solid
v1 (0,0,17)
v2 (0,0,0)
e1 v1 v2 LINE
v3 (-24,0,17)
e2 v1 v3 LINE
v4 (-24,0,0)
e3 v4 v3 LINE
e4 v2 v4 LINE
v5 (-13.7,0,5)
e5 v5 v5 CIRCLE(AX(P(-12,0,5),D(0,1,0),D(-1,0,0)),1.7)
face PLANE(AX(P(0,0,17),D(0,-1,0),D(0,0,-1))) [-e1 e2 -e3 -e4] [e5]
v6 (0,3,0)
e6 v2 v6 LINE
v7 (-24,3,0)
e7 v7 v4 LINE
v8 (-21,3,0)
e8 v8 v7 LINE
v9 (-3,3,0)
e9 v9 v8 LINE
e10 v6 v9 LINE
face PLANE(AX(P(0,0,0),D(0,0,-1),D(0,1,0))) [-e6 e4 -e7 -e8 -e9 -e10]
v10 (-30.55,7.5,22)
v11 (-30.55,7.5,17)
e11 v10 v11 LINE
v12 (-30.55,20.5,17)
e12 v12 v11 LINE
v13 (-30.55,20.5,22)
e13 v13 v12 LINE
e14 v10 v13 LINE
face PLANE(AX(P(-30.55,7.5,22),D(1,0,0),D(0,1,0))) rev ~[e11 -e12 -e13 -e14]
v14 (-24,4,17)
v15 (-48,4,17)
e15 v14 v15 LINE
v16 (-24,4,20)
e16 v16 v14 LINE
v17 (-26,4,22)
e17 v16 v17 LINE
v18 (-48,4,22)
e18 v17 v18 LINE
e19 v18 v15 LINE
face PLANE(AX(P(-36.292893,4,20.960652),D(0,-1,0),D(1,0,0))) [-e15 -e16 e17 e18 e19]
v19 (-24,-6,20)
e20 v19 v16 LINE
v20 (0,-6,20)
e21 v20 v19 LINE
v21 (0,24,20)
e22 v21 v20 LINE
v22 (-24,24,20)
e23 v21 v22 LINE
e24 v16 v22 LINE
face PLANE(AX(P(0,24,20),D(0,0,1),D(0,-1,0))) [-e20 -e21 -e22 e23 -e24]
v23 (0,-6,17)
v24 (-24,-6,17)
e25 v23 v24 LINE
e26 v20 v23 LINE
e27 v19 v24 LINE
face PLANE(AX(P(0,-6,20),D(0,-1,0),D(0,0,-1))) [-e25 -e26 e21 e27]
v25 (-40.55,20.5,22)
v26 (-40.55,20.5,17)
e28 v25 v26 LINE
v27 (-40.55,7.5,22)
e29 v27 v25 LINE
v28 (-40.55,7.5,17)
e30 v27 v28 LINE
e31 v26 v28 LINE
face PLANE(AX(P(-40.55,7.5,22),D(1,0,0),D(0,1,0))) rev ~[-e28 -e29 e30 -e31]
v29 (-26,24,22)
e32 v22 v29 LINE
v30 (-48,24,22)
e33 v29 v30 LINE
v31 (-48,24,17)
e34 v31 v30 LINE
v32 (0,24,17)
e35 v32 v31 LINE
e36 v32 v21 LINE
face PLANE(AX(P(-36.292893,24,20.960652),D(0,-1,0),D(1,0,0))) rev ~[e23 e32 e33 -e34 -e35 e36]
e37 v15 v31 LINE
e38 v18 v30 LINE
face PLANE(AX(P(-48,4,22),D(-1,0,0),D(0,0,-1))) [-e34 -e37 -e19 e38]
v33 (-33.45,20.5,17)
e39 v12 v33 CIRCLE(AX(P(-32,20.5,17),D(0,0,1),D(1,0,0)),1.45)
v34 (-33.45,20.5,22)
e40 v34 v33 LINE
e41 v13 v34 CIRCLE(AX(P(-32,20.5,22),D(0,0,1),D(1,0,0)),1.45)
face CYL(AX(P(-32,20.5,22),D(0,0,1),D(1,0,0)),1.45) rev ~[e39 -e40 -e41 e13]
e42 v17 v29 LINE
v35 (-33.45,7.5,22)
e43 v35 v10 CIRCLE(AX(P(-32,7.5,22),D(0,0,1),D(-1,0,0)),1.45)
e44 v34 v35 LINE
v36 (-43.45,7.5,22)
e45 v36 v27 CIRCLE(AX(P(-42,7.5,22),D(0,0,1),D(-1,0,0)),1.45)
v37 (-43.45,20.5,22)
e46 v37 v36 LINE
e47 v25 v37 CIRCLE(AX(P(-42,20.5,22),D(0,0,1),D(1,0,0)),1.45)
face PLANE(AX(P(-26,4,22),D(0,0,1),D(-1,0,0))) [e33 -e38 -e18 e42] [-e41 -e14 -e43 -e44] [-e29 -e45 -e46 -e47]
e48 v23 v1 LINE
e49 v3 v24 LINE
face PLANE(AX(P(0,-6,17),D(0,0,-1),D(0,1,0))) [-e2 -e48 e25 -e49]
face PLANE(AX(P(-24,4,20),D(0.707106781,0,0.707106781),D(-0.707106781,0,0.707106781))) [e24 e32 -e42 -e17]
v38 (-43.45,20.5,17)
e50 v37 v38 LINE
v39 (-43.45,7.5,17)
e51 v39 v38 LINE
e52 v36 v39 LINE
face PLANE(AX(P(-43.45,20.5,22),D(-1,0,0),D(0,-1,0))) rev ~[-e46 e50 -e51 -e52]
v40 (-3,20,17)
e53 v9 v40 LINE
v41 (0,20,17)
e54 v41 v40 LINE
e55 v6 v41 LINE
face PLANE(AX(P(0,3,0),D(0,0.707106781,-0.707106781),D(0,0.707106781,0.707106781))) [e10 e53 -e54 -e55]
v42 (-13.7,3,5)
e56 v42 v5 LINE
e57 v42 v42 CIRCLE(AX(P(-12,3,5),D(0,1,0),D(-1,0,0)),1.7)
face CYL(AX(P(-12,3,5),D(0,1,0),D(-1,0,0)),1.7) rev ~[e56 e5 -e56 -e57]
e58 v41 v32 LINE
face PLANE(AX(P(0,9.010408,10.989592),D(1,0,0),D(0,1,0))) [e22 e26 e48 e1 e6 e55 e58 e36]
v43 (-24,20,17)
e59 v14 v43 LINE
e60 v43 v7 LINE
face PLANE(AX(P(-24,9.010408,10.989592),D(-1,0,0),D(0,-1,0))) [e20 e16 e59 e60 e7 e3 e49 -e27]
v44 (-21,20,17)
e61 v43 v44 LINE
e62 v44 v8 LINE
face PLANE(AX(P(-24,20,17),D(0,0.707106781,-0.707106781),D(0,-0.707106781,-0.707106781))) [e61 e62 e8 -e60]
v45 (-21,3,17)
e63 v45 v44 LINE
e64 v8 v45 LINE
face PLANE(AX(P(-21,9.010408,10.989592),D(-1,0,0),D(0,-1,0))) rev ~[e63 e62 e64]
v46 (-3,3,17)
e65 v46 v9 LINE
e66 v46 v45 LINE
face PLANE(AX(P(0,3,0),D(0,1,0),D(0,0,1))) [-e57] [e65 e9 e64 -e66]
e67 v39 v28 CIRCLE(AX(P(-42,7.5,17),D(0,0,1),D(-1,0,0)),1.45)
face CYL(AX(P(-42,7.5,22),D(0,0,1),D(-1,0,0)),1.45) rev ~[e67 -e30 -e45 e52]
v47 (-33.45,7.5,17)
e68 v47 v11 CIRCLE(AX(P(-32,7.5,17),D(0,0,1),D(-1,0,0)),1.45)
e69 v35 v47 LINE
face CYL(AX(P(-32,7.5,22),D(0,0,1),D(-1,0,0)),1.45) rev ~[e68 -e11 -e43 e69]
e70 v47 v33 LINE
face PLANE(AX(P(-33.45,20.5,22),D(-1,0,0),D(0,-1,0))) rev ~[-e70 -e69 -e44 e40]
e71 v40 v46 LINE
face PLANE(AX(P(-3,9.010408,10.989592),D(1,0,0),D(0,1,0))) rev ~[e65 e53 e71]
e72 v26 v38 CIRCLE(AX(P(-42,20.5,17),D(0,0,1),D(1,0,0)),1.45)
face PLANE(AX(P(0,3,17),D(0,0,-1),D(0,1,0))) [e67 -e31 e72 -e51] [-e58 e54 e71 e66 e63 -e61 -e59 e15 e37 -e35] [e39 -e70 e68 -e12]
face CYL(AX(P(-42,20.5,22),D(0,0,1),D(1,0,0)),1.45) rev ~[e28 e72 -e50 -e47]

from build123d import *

# Parameters (mm, degrees)
F1_DEPTH  = 48
F2_DEPTH  = 3
F3_W      = 24
F3_H      = 10
F4_DEPTH  = 25
F6_DEPTH  = 3
F7_R      = 1.7
F8_DEPTH  = 9.001
F10_DEPTH = 20
F12_DEPTH = 22.001


with BuildPart() as f1:
    # F0 (on Right) → F1 (new body)
    with BuildSketch(Plane.YZ):
        Polygon((24, 20), (-6, 20), (-6, 17), (0, 17), (0, 0), (3, 0), (3, 17), (20, 17), (24, 17), align=None)
    extrude(amount=-F1_DEPTH)

    # F0 (on Right) → F2 (join)
    with BuildSketch(Plane.YZ):
        Polygon((3, 0), (20, 17), (3, 17), align=None)
    extrude(amount=-F2_DEPTH)

    # F3 (on face) → F4 (cut)
    with BuildSketch(Plane.XY.offset(20)):
        with Locations((-36, -1)):
            Rectangle(F3_W, F3_H)
    extrude(amount=-F4_DEPTH, mode=Mode.SUBTRACT)

    # F5 (on face) → F6 (join)
    with BuildSketch(Plane(origin=(-24, 0, 0), x_dir=(0, -1, 0), z_dir=(-1, 0, 0))):
        Polygon((-3, 0), (-3, 17), (-20, 17), align=None)
    extrude(amount=-F6_DEPTH)

    # F7 (on face) → F8 (cut, through all)
    with BuildSketch(Plane(origin=(0, 3, 0), x_dir=(-1, 0, 0), z_dir=(0, 1, 0))):
        with Locations((12, 5)):
            Circle(F7_R)
    extrude(amount=-F8_DEPTH, mode=Mode.SUBTRACT)

    # F9 (on face) → F10 (join)
    with BuildSketch(Plane.XZ.offset(-4)):
        Polygon((-48, 20), (-24, 20), (-26, 22), (-48, 22), align=None)
    extrude(amount=-F10_DEPTH)

    # F11 (on face) → F12 (cut, through all)
    with BuildSketch(Plane.XY.offset(22)):
        with BuildLine():
            Line((-40.55, 7.5), (-40.55, 20.5))
            ThreePointArc((-40.55, 20.5), (-42, 21.95), (-43.45, 20.5))
            Line((-43.45, 20.5), (-43.45, 7.5))
            ThreePointArc((-43.45, 7.5), (-42, 6.05), (-40.55, 7.5))
        make_face()
        with BuildLine():
            Line((-30.55, 7.5), (-30.55, 20.5))
            ThreePointArc((-30.55, 20.5), (-32, 21.95), (-33.45, 20.5))
            Line((-33.45, 20.5), (-33.45, 7.5))
            ThreePointArc((-33.45, 7.5), (-32, 6.05), (-30.55, 7.5))
        make_face()
    extrude(amount=-F12_DEPTH, mode=Mode.SUBTRACT)


solid = f1.part
